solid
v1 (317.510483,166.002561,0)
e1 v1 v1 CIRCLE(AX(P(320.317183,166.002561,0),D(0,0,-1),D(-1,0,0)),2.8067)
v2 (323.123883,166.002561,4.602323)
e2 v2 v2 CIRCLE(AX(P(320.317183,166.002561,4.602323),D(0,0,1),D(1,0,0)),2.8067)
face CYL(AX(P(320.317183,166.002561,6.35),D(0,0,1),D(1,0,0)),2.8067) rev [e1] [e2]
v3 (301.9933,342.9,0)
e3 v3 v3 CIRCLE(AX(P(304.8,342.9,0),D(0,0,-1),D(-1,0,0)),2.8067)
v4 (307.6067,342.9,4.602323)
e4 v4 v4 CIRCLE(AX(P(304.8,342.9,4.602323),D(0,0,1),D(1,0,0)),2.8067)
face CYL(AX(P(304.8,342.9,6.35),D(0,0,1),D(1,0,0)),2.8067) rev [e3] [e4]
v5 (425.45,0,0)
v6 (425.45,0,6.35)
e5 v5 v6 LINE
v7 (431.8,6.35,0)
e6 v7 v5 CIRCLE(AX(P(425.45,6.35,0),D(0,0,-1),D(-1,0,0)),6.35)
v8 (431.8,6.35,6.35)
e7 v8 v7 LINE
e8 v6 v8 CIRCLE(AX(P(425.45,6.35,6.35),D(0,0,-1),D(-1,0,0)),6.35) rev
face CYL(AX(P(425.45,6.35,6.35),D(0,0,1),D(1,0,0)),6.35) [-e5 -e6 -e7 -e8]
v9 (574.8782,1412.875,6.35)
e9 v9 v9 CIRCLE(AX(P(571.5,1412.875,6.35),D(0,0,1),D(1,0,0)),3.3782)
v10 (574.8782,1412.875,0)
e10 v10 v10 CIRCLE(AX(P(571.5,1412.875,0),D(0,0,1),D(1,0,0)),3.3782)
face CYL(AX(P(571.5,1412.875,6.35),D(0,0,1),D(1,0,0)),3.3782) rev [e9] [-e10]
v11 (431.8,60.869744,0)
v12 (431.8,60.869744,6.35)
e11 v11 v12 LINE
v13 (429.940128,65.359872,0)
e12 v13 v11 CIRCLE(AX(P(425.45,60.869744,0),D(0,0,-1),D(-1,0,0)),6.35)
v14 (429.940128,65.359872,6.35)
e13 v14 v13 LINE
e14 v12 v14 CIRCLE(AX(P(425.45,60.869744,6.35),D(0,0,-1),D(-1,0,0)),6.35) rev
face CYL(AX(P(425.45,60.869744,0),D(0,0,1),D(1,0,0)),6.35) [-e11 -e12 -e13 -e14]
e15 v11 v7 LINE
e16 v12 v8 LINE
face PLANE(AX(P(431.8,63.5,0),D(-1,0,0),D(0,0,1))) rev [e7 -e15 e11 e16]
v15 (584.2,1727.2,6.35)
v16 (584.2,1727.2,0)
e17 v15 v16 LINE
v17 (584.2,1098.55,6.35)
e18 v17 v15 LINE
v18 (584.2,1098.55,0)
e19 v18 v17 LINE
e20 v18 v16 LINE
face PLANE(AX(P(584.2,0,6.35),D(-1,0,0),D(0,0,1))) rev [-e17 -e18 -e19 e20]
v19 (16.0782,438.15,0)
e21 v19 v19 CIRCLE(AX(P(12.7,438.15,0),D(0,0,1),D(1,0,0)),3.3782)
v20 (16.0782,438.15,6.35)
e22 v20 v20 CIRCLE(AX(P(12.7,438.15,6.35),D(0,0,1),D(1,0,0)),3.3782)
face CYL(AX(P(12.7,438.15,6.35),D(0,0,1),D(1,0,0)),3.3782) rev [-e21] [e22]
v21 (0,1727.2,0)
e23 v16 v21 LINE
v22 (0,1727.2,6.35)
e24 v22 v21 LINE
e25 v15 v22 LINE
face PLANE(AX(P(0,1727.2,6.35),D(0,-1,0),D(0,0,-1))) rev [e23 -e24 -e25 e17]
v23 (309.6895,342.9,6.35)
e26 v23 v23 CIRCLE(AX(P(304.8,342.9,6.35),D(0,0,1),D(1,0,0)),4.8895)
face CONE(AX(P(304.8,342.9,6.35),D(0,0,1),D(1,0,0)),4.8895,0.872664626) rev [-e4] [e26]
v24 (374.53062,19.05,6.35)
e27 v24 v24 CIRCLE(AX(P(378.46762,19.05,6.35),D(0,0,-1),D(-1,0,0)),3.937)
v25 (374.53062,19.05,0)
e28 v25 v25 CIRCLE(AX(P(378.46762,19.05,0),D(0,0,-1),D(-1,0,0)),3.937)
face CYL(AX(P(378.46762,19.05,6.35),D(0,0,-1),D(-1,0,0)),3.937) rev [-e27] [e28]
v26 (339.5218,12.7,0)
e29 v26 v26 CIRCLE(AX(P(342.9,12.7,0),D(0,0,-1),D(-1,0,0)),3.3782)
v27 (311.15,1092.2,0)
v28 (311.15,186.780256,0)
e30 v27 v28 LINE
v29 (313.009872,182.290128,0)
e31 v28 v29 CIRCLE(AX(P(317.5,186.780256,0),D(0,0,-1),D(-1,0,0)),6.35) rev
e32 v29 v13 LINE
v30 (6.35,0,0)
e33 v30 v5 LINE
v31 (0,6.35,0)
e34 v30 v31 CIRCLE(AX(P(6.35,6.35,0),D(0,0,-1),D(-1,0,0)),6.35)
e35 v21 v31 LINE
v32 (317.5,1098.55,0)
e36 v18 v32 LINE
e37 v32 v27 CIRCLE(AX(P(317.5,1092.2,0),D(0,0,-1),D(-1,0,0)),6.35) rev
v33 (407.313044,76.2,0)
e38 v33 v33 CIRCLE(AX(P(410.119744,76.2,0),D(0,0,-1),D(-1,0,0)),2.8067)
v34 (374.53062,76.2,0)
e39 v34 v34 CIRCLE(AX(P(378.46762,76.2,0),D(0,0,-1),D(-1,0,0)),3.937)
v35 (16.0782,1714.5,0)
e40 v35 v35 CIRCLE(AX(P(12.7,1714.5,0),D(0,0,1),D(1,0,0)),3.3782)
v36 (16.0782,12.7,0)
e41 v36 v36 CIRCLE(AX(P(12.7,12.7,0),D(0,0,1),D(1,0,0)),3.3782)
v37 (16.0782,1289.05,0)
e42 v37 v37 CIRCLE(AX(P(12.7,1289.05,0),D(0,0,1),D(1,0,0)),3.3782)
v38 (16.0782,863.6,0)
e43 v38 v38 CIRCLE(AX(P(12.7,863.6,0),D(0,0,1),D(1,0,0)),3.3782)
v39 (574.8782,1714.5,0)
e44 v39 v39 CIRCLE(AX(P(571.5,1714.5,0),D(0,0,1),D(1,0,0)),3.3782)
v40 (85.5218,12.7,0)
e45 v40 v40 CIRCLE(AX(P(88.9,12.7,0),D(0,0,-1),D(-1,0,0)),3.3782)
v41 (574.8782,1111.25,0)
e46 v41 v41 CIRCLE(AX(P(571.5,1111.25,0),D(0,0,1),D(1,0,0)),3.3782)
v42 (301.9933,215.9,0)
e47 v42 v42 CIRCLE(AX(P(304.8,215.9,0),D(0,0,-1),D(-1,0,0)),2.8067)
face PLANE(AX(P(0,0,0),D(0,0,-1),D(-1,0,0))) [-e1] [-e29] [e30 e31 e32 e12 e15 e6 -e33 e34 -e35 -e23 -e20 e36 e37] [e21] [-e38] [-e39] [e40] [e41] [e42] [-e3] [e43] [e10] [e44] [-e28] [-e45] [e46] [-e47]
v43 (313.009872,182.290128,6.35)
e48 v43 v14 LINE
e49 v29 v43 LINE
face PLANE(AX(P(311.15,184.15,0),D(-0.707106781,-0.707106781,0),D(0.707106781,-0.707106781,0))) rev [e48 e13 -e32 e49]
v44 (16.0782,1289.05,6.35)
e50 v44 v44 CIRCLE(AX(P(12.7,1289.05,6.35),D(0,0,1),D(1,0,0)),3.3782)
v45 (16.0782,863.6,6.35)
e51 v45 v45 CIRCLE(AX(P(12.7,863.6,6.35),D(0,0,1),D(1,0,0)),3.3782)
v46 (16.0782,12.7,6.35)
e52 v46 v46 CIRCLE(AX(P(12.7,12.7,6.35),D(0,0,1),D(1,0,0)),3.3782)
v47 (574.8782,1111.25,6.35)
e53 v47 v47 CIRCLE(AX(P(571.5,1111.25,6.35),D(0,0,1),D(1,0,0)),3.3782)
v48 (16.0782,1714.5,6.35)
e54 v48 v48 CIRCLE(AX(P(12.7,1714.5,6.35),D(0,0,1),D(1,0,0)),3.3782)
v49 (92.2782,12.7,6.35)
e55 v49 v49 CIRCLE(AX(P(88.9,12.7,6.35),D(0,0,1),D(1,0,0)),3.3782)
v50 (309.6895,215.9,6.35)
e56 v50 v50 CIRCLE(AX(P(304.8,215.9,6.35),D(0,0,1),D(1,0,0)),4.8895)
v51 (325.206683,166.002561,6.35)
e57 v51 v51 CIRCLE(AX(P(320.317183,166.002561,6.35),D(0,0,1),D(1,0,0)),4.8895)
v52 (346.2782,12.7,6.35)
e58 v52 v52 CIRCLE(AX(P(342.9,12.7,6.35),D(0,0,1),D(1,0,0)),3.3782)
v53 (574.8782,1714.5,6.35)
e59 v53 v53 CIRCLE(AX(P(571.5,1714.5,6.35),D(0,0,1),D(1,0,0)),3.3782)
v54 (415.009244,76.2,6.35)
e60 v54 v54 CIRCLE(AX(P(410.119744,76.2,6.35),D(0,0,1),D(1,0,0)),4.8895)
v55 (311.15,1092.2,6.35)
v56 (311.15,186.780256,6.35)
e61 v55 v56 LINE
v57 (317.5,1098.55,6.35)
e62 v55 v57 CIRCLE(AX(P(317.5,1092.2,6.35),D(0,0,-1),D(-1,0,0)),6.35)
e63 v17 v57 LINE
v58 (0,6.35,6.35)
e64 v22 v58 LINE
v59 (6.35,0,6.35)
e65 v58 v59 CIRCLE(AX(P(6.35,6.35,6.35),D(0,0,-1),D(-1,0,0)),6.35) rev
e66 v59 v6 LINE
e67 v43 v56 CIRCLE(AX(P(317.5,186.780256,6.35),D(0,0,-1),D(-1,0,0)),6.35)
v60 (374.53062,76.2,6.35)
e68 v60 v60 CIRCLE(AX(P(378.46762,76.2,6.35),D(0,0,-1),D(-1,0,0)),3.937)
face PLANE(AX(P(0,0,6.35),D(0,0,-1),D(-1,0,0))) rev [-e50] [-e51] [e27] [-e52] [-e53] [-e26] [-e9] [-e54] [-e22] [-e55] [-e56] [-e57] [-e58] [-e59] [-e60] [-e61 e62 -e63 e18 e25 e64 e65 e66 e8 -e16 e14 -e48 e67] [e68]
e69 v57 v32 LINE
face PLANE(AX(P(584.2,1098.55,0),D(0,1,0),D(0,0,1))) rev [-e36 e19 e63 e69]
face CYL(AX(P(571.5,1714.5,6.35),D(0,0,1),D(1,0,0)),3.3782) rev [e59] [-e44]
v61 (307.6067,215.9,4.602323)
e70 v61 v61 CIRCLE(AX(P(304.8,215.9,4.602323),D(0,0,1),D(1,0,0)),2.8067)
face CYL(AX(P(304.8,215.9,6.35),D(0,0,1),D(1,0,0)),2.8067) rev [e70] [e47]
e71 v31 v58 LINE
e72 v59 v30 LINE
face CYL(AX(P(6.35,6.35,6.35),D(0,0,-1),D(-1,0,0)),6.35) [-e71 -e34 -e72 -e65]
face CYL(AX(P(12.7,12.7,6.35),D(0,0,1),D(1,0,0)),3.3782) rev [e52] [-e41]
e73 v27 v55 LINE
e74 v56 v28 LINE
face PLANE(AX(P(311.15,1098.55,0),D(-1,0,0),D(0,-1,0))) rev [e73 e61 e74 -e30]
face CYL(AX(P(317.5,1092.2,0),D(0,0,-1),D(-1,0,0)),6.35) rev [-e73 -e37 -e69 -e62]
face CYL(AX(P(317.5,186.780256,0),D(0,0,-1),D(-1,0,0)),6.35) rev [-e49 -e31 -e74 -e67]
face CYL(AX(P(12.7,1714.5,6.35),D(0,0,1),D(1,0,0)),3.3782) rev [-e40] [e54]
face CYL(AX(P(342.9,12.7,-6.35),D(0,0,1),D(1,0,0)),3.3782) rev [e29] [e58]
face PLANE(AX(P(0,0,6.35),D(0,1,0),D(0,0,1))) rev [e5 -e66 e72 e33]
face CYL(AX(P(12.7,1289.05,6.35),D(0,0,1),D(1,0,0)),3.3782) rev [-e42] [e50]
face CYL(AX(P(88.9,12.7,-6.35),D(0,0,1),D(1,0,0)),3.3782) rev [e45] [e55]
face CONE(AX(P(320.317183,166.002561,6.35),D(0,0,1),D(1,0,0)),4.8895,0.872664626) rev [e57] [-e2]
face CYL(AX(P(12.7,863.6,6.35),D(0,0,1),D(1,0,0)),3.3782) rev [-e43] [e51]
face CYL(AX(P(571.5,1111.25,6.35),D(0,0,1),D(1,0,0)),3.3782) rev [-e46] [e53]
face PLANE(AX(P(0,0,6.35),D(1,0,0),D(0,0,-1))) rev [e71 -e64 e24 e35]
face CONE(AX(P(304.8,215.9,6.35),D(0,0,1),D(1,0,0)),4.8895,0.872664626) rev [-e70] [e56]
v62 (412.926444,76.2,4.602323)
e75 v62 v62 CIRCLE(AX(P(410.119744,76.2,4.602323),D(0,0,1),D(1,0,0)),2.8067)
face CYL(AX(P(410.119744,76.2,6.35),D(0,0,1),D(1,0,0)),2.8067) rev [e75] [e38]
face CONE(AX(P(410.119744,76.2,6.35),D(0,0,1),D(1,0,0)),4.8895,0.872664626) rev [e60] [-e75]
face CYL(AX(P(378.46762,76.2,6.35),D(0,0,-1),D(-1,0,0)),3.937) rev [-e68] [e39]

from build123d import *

# Parameters (mm, degrees)
SKETCH2_W                                          = 584.2
SKETCH2_H                                          = 1727.2
BOSS_EXTRUDE1_DEPTH                                = 6.35
CUT_EXTRUDE1_DEPTH                                 = 1824.334802635
H_0_266_DIAMETER_HOLE1_D                           = 6.7564
FILLET1_R                                          = 6.35
SKETCH7_R                                          = 3.3782
CUT_EXTRUDE2_DEPTH                                 = 12.7
CSK_FOR_10_FLAT_HEAD_MACHINE_SCREW_100_D           = 5.6134
CSK_FOR_10_FLAT_HEAD_MACHINE_SCREW_100_CSINK_D     = 9.779
CSK_FOR_10_FLAT_HEAD_MACHINE_SCREW_100_CSINK_ANGLE = 100
SKETCH13_R                                         = 3.937
CUT_EXTRUDE3_DEPTH                                 = 1824.334802635


with BuildPart() as part:
    # Sketch2 → Boss-Extrude1 (new body)
    with BuildSketch(Plane.XY):
        with Locations((292.1, 863.6)):
            Rectangle(SKETCH2_W, SKETCH2_H)
    extrude(amount=BOSS_EXTRUDE1_DEPTH)

    # Sketch3 → Cut-Extrude1 (cut, through all)
    with BuildSketch(Plane.XY.offset(6.35)):
        Polygon((584.2, 1098.55), (311.15, 1098.55), (311.15, 184.15), (431.8, 63.5), (431.8, 0), (584.2, 0), align=None)
    extrude(amount=-CUT_EXTRUDE1_DEPTH, mode=Mode.SUBTRACT)

    # H (0.266) Diameter Hole1 (through all)
    with Locations(Plane.XY.offset(6.35)):
        with Locations((12.7, 1714.5), (12.7, 1289.05), (12.7, 863.6), (12.7, 438.15), (12.7, 12.7), (571.5, 1111.25), (571.5, 1412.875), (571.5, 1714.5)):
            Hole(H_0_266_DIAMETER_HOLE1_D / 2)

    # Fillet1
    fillet1_edges = [part.edges().sort_by_distance(p)[0] for p in [
        (431.8, 0, 3.175),
        (431.8, 63.5, 3.175),
        (311.15, 184.15, 3.175),
        (311.15, 1098.55, 3.175),
        (0, 0, 3.175),
    ]]
    fillet(fillet1_edges, radius=FILLET1_R)

    # Sketch7 → Cut-Extrude2 (cut)
    with BuildSketch(Plane.XY.offset(6.35)):
        with Locations((88.9, 12.7)):
            Circle(SKETCH7_R)
        with Locations((342.9, 12.7)):
            Circle(SKETCH7_R)
    extrude(amount=-CUT_EXTRUDE2_DEPTH, mode=Mode.SUBTRACT)

    # CSK for #10 Flat Head Machine Screw (100)1 (through all)
    with Locations(Plane.XY.offset(6.35)):
        with Locations((304.8, 342.9), (304.8, 215.9), (320.317182668, 166.002561211), (410.119743879, 76.2)):
            CounterSinkHole(CSK_FOR_10_FLAT_HEAD_MACHINE_SCREW_100_D / 2, CSK_FOR_10_FLAT_HEAD_MACHINE_SCREW_100_CSINK_D / 2, counter_sink_angle=CSK_FOR_10_FLAT_HEAD_MACHINE_SCREW_100_CSINK_ANGLE)

    # Sketch13 → Cut-Extrude3 (cut, through all)
    with BuildSketch(Plane(origin=(0, 0, 0), x_dir=(-1, 0, 0), z_dir=(0, 0, -1))):
        with Locations((-378.46762, 76.2)):
            Circle(SKETCH13_R)
        with Locations((-378.46762, 19.05)):
            Circle(SKETCH13_R)
    extrude(amount=-CUT_EXTRUDE3_DEPTH, mode=Mode.SUBTRACT)


solid = part.part
